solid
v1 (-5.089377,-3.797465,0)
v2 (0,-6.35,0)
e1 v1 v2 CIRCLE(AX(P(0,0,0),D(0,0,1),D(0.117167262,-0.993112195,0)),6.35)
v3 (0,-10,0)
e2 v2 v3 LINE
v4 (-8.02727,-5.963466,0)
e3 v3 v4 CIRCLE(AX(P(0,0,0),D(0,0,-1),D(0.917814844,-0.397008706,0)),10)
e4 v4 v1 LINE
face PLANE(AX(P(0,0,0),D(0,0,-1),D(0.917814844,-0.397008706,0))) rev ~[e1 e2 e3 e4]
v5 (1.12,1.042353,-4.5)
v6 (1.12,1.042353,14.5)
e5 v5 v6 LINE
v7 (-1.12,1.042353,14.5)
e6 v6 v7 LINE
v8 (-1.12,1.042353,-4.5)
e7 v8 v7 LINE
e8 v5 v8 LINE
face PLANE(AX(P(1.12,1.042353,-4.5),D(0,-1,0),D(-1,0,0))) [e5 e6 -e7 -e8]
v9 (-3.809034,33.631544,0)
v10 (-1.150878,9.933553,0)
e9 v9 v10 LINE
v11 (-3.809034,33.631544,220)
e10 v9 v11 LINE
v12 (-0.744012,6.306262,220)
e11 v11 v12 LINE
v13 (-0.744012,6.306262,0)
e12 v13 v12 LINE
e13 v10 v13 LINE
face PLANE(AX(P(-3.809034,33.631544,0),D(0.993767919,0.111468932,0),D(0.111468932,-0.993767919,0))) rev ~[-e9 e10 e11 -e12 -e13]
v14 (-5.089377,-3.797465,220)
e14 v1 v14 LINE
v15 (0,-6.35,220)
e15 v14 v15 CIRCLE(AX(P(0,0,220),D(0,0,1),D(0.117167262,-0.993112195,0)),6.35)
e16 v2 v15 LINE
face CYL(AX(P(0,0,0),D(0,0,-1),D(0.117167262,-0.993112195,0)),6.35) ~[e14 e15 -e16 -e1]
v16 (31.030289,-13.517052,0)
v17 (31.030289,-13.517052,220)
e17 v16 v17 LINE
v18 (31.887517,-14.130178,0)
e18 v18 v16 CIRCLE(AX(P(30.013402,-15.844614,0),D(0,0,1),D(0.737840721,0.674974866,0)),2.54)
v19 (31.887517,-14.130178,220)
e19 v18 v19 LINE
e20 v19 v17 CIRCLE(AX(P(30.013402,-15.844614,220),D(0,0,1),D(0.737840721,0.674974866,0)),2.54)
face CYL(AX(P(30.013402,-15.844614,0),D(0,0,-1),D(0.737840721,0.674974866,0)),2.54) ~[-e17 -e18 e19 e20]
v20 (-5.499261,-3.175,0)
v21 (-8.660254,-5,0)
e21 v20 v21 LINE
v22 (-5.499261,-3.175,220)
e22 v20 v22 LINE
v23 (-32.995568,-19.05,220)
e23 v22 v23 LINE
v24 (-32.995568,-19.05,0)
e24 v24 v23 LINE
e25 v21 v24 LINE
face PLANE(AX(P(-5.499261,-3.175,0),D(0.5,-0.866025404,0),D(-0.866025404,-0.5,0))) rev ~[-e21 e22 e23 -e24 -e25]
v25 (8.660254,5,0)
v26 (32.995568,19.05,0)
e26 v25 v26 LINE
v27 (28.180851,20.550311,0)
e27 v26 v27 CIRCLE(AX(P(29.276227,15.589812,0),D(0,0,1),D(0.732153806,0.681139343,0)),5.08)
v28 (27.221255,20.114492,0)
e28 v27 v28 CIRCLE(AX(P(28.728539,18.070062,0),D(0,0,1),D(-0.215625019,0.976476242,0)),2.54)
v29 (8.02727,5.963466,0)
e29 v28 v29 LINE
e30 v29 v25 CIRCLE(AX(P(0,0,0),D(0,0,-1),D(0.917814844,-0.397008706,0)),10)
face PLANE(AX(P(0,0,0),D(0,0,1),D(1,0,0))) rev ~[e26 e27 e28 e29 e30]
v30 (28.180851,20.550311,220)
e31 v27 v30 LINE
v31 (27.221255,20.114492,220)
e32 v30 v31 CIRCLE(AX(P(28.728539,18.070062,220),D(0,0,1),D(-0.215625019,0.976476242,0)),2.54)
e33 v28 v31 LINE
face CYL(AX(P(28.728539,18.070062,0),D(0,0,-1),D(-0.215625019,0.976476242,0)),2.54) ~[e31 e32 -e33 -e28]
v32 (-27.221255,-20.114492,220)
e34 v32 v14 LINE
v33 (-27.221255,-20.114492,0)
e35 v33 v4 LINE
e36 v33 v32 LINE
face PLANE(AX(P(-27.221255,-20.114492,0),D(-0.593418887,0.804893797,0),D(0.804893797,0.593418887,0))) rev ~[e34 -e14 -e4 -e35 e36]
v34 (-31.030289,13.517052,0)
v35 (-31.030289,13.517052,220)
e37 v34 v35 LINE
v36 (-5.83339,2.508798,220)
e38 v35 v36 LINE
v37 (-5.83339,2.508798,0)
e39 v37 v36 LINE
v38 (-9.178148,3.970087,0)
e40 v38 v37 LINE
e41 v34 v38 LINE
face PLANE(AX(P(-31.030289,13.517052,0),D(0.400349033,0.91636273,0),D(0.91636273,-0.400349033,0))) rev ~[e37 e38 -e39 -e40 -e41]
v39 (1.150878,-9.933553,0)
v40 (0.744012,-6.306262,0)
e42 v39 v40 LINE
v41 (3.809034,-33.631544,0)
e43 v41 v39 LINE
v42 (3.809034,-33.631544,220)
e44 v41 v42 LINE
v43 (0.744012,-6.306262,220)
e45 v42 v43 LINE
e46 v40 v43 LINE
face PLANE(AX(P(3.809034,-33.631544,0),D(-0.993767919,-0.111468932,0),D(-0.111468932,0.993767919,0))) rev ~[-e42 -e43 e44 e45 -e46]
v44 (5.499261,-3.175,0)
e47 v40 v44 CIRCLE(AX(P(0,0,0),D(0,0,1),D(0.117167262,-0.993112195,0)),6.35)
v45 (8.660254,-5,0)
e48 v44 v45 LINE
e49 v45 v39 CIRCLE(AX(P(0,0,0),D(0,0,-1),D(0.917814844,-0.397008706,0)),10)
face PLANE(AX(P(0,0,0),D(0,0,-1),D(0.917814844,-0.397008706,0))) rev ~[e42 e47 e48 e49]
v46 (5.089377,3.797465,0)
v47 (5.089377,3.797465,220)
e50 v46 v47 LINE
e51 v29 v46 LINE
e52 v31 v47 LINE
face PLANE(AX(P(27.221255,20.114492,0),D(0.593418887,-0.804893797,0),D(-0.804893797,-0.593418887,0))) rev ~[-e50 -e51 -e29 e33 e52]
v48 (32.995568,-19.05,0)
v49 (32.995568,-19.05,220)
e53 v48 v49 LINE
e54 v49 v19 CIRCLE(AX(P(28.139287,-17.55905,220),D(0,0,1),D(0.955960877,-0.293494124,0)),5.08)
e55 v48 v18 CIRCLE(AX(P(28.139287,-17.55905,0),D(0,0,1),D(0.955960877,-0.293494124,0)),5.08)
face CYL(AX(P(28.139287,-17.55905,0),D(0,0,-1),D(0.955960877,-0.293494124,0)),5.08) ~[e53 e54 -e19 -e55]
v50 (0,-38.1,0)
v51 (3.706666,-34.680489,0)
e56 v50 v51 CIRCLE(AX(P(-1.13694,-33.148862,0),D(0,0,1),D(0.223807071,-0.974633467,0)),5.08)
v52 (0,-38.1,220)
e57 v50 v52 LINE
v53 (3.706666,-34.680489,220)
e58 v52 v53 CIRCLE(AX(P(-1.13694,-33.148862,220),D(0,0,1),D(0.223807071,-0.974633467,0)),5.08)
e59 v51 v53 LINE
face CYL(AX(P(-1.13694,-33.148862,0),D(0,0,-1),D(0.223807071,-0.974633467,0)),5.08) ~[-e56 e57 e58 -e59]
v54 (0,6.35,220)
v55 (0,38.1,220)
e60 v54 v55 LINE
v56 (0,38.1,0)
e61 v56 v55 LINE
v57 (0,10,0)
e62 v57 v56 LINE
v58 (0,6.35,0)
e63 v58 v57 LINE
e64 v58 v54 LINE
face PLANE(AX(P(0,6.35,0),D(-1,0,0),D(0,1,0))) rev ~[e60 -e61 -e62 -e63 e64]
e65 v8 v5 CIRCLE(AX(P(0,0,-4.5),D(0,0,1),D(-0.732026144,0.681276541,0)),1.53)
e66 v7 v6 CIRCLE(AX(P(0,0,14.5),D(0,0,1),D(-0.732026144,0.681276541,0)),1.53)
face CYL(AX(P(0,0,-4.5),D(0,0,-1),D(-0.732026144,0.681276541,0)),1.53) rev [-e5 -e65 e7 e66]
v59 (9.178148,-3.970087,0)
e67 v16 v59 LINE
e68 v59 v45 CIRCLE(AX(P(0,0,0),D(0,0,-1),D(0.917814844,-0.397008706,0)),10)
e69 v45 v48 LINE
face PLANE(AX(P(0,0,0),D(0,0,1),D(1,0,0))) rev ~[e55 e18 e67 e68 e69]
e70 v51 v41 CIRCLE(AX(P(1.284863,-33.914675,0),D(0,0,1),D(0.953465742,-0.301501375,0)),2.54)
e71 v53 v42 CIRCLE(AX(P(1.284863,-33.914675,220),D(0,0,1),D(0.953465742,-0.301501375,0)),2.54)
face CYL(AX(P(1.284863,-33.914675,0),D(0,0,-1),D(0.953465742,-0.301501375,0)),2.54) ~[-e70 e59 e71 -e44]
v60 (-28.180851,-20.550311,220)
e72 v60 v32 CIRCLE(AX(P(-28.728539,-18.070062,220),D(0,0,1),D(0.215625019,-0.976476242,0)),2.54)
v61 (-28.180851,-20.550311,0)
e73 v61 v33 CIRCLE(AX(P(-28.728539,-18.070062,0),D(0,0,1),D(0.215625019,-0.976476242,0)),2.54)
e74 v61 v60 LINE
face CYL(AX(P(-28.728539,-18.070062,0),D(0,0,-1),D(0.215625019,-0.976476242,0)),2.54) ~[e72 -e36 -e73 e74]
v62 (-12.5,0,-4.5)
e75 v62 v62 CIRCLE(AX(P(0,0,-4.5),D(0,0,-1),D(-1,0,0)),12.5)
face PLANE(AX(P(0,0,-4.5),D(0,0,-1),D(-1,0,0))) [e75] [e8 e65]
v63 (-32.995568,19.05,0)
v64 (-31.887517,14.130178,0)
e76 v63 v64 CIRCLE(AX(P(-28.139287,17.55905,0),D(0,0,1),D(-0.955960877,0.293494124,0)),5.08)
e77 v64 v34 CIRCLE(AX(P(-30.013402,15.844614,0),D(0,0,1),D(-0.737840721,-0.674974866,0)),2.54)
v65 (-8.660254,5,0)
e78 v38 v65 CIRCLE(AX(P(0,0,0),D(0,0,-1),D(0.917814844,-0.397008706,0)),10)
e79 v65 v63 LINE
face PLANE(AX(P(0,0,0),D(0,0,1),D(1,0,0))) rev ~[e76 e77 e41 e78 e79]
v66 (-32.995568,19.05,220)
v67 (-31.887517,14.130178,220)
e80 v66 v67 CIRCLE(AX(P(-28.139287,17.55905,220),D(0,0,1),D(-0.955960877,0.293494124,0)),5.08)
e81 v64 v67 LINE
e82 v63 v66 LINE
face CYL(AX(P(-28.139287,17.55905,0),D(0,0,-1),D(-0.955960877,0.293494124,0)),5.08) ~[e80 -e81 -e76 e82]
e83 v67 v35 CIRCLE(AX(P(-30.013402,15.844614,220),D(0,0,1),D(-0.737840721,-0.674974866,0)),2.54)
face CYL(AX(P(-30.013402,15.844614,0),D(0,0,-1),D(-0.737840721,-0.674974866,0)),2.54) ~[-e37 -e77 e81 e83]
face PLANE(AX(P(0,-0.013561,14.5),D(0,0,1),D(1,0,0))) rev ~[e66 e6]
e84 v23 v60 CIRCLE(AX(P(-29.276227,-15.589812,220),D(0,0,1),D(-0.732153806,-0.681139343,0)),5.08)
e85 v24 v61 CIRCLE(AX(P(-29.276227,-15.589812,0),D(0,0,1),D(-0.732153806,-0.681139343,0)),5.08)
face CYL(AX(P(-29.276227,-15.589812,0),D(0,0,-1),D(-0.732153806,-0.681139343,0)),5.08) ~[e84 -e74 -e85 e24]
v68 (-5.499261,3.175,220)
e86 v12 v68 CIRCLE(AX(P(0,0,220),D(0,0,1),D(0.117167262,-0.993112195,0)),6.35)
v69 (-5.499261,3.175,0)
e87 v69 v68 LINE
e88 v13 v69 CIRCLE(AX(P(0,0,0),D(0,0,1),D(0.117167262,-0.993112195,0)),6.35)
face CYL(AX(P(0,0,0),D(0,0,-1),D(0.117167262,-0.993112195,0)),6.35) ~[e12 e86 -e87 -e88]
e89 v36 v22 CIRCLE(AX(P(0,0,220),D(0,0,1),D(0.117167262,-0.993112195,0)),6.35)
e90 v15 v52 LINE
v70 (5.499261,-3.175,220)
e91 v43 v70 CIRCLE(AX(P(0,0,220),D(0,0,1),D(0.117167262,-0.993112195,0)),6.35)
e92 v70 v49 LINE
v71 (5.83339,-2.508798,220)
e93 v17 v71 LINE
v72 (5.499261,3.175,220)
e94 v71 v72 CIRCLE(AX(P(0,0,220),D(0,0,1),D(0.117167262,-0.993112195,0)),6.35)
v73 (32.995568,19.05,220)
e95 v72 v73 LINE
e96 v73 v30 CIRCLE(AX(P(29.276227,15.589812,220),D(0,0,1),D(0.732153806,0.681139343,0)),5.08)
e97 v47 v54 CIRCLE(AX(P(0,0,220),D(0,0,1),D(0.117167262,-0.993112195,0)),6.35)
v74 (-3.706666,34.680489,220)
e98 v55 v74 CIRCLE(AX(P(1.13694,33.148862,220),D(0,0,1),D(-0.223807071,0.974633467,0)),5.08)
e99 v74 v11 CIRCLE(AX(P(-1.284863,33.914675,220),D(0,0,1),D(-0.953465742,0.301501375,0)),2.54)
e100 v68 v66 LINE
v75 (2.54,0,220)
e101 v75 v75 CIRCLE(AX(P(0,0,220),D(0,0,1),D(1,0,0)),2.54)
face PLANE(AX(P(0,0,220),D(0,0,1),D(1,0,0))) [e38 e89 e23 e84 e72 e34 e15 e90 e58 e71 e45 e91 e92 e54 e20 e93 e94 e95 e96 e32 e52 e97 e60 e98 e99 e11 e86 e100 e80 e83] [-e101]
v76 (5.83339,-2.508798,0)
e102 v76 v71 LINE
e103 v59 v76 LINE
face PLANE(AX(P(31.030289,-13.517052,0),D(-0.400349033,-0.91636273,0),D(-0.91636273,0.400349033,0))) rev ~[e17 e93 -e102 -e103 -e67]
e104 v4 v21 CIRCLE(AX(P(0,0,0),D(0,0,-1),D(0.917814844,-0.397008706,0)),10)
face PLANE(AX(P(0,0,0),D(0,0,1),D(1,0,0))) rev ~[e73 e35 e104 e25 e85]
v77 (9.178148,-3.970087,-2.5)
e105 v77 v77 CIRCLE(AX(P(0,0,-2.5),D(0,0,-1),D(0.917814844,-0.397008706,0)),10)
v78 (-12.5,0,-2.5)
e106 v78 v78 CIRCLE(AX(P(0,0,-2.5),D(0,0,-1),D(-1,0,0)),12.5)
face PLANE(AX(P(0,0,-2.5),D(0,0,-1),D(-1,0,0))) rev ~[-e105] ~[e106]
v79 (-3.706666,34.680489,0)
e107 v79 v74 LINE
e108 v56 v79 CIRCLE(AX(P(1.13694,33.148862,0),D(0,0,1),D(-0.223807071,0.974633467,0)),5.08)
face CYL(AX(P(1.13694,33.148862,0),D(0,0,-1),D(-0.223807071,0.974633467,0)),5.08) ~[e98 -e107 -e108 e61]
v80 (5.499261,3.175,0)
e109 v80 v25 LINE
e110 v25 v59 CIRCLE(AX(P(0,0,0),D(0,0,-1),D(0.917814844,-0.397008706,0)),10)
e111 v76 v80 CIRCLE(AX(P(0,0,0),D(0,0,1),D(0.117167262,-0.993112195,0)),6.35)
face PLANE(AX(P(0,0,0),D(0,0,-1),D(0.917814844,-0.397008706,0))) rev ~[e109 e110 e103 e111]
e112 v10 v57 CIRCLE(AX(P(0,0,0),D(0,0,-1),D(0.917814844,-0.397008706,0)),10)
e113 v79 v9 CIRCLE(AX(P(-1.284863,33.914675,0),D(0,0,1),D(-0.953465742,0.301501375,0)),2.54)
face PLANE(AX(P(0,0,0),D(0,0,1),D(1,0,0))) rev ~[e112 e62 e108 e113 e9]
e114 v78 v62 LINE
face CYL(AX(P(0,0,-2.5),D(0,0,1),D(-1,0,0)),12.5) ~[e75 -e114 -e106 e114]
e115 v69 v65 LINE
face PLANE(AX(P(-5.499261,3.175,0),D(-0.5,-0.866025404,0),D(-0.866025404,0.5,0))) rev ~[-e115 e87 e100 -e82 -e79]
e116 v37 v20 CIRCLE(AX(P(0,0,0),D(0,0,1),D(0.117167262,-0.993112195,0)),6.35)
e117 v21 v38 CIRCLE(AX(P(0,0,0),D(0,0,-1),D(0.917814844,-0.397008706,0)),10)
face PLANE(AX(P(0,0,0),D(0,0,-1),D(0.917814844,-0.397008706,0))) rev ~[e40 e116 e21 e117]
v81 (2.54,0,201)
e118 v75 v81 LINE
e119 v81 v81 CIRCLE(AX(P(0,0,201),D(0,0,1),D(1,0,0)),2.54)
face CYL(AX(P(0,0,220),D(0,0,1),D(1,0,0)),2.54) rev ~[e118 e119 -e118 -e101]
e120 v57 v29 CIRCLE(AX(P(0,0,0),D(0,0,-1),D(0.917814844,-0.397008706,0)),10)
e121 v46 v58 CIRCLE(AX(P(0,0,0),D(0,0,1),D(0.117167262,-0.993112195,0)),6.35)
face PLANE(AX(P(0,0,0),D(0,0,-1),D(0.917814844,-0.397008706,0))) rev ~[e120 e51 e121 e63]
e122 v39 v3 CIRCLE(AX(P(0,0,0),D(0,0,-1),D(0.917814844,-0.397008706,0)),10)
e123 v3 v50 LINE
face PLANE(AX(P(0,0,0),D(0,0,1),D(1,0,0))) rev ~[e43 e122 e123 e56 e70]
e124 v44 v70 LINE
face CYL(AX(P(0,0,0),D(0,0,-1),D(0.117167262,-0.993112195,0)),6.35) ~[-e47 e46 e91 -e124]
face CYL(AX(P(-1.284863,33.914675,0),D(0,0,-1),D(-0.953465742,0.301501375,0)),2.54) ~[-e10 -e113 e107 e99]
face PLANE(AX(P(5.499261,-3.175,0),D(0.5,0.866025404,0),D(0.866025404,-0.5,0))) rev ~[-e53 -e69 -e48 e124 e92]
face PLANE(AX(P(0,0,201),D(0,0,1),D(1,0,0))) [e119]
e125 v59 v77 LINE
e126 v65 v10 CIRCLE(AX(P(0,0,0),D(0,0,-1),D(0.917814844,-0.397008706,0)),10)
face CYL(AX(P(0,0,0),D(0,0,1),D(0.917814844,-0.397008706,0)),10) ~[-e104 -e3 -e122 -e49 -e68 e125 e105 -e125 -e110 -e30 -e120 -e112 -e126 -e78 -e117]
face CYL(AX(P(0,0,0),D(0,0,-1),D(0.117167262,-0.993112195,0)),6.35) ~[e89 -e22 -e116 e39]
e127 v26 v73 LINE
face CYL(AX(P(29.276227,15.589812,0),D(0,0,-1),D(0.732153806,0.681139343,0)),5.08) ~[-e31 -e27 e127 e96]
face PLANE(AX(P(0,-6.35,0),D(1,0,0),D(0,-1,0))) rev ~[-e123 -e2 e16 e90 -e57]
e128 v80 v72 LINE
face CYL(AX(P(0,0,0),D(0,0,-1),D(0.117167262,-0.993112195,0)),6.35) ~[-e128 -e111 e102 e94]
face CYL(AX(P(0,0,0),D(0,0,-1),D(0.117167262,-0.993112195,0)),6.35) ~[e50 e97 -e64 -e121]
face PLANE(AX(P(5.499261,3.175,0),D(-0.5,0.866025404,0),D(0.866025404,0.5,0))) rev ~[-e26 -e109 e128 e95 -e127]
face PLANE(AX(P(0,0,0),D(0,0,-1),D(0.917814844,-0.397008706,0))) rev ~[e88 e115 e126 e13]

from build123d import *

# Parameters (mm, degrees)
SKETCH1_R           = 6.35
BOSS_EXTRUDE5_DEPTH = 220
SKETCH9_R           = 10
BOSS_EXTRUDE6_DEPTH = 2.5
SKETCH10_R          = 12.5
BOSS_EXTRUDE7_DEPTH = 2
SKETCH7_R           = 2.54
CUT_EXTRUDE1_DEPTH  = 19
CUT_EXTRUDE2_DEPTH  = 19


with BuildPart() as part:
    # Sketch1 → Boss-Extrude5 (new body)
    with BuildSketch(Plane.XY):
        Circle(SKETCH1_R)
        with BuildLine():
            ThreePointArc((0.744012112, -6.306262441), (0.372648292, -6.33905618), (0, -6.35))
            Line((0, -6.35), (0, -38.1))
            ThreePointArc((0, -38.1), (2.307620454, -36.88268092), (3.706666044, -34.680488981))
            ThreePointArc((3.706666044, -34.680488981), (3.812853299, -34.161384534), (3.809033576, -33.631544397))
            Line((3.809033576, -33.631544397), (0.744012112, -6.306262441))
        make_face()
        with BuildLine():
            ThreePointArc((-5.089377421, -3.79746461), (-5.303459542, -3.492250977), (-5.499261314, -3.175))
            Line((-5.499261314, -3.175), (-32.995567884, -19.05))
            ThreePointArc((-32.995567884, -19.05), (-30.78752841, -20.439798395), (-28.180851452, -20.550311448))
            ThreePointArc((-28.180851452, -20.550311448), (-27.678200185, -20.382720085), (-27.221255028, -20.114492039))
            Line((-27.221255028, -20.114492039), (-5.089377421, -3.79746461))
        make_face()
        with BuildLine():
            ThreePointArc((-5.833389533, 2.508797831), (-5.676107834, 2.846805203), (-5.499261314, 3.175))
            Line((-5.499261314, 3.175), (-32.995567884, 19.05))
            ThreePointArc((-32.995567884, 19.05), (-33.095148863, 16.442882525), (-31.887517495, 14.130177533))
            ThreePointArc((-31.887517495, 14.130177533), (-31.491053484, 13.778664449), (-31.030288604, 13.517052358))
            Line((-31.030288604, 13.517052358), (-5.833389533, 2.508797831))
        make_face()
        with BuildLine():
            Line((-3.809033576, 33.631544397), (-0.744012112, 6.306262441))
            ThreePointArc((-0.744012112, 6.306262441), (-0.372648292, 6.33905618), (0, 6.35))
            Line((0, 6.35), (0, 38.1))
            ThreePointArc((0, 38.1), (-2.307620454, 36.88268092), (-3.706666044, 34.680488981))
            ThreePointArc((-3.706666044, 34.680488981), (-3.812853299, 34.161384534), (-3.809033576, 33.631544397))
        make_face()
        with BuildLine():
            Line((27.221255028, 20.114492039), (5.089377421, 3.79746461))
            ThreePointArc((5.089377421, 3.79746461), (5.303459542, 3.492250977), (5.499261314, 3.175))
            Line((5.499261314, 3.175), (32.995567884, 19.05))
            ThreePointArc((32.995567884, 19.05), (30.78752841, 20.439798395), (28.180851452, 20.550311448))
            ThreePointArc((28.180851452, 20.550311448), (27.678200185, 20.382720085), (27.221255028, 20.114492039))
        make_face()
        with BuildLine():
            Line((31.030288604, -13.517052358), (5.833389533, -2.508797831))
            ThreePointArc((5.833389533, -2.508797831), (5.676107834, -2.846805203), (5.499261314, -3.175))
            Line((5.499261314, -3.175), (32.995567884, -19.05))
            ThreePointArc((32.995567884, -19.05), (33.095148863, -16.442882525), (31.887517495, -14.130177533))
            ThreePointArc((31.887517495, -14.130177533), (31.491053484, -13.778664449), (31.030288604, -13.517052358))
        make_face()
    extrude(amount=BOSS_EXTRUDE5_DEPTH)

    # Sketch9 → Boss-Extrude6 (add)
    with BuildSketch(Plane(origin=(0, 0, 0), x_dir=(-1, 0, 0), z_dir=(0, 0, -1))):
        with Locations(Location((0, 0, 0), (0, 0, 203.391310961))):
            Circle(SKETCH9_R)
    extrude(amount=BOSS_EXTRUDE6_DEPTH)

    # Sketch10 → Boss-Extrude7 (add)
    with BuildSketch(Plane(origin=(0, 0, -2.5), x_dir=(-1, 0, 0), z_dir=(0, 0, -1))):
        Circle(SKETCH10_R)
    extrude(amount=BOSS_EXTRUDE7_DEPTH)

    # Sketch7 → Cut-Extrude1 (cut)
    with BuildSketch(Plane.XY.offset(220)):
        Circle(SKETCH7_R)
    extrude(amount=-CUT_EXTRUDE1_DEPTH, mode=Mode.SUBTRACT)

    # Sketch11 → Cut-Extrude2 (cut)
    with BuildSketch(Plane(origin=(0, 0, -4.5), x_dir=(-1, 0, 0), z_dir=(0, 0, -1))):
        with BuildLine():
            Line((-1.12, 1.042353107), (1.12, 1.042353107))
            ThreePointArc((1.12, 1.042353107), (0, -1.53), (-1.12, 1.042353107))
        make_face()
    extrude(amount=-CUT_EXTRUDE2_DEPTH, mode=Mode.SUBTRACT)


solid = part.part
